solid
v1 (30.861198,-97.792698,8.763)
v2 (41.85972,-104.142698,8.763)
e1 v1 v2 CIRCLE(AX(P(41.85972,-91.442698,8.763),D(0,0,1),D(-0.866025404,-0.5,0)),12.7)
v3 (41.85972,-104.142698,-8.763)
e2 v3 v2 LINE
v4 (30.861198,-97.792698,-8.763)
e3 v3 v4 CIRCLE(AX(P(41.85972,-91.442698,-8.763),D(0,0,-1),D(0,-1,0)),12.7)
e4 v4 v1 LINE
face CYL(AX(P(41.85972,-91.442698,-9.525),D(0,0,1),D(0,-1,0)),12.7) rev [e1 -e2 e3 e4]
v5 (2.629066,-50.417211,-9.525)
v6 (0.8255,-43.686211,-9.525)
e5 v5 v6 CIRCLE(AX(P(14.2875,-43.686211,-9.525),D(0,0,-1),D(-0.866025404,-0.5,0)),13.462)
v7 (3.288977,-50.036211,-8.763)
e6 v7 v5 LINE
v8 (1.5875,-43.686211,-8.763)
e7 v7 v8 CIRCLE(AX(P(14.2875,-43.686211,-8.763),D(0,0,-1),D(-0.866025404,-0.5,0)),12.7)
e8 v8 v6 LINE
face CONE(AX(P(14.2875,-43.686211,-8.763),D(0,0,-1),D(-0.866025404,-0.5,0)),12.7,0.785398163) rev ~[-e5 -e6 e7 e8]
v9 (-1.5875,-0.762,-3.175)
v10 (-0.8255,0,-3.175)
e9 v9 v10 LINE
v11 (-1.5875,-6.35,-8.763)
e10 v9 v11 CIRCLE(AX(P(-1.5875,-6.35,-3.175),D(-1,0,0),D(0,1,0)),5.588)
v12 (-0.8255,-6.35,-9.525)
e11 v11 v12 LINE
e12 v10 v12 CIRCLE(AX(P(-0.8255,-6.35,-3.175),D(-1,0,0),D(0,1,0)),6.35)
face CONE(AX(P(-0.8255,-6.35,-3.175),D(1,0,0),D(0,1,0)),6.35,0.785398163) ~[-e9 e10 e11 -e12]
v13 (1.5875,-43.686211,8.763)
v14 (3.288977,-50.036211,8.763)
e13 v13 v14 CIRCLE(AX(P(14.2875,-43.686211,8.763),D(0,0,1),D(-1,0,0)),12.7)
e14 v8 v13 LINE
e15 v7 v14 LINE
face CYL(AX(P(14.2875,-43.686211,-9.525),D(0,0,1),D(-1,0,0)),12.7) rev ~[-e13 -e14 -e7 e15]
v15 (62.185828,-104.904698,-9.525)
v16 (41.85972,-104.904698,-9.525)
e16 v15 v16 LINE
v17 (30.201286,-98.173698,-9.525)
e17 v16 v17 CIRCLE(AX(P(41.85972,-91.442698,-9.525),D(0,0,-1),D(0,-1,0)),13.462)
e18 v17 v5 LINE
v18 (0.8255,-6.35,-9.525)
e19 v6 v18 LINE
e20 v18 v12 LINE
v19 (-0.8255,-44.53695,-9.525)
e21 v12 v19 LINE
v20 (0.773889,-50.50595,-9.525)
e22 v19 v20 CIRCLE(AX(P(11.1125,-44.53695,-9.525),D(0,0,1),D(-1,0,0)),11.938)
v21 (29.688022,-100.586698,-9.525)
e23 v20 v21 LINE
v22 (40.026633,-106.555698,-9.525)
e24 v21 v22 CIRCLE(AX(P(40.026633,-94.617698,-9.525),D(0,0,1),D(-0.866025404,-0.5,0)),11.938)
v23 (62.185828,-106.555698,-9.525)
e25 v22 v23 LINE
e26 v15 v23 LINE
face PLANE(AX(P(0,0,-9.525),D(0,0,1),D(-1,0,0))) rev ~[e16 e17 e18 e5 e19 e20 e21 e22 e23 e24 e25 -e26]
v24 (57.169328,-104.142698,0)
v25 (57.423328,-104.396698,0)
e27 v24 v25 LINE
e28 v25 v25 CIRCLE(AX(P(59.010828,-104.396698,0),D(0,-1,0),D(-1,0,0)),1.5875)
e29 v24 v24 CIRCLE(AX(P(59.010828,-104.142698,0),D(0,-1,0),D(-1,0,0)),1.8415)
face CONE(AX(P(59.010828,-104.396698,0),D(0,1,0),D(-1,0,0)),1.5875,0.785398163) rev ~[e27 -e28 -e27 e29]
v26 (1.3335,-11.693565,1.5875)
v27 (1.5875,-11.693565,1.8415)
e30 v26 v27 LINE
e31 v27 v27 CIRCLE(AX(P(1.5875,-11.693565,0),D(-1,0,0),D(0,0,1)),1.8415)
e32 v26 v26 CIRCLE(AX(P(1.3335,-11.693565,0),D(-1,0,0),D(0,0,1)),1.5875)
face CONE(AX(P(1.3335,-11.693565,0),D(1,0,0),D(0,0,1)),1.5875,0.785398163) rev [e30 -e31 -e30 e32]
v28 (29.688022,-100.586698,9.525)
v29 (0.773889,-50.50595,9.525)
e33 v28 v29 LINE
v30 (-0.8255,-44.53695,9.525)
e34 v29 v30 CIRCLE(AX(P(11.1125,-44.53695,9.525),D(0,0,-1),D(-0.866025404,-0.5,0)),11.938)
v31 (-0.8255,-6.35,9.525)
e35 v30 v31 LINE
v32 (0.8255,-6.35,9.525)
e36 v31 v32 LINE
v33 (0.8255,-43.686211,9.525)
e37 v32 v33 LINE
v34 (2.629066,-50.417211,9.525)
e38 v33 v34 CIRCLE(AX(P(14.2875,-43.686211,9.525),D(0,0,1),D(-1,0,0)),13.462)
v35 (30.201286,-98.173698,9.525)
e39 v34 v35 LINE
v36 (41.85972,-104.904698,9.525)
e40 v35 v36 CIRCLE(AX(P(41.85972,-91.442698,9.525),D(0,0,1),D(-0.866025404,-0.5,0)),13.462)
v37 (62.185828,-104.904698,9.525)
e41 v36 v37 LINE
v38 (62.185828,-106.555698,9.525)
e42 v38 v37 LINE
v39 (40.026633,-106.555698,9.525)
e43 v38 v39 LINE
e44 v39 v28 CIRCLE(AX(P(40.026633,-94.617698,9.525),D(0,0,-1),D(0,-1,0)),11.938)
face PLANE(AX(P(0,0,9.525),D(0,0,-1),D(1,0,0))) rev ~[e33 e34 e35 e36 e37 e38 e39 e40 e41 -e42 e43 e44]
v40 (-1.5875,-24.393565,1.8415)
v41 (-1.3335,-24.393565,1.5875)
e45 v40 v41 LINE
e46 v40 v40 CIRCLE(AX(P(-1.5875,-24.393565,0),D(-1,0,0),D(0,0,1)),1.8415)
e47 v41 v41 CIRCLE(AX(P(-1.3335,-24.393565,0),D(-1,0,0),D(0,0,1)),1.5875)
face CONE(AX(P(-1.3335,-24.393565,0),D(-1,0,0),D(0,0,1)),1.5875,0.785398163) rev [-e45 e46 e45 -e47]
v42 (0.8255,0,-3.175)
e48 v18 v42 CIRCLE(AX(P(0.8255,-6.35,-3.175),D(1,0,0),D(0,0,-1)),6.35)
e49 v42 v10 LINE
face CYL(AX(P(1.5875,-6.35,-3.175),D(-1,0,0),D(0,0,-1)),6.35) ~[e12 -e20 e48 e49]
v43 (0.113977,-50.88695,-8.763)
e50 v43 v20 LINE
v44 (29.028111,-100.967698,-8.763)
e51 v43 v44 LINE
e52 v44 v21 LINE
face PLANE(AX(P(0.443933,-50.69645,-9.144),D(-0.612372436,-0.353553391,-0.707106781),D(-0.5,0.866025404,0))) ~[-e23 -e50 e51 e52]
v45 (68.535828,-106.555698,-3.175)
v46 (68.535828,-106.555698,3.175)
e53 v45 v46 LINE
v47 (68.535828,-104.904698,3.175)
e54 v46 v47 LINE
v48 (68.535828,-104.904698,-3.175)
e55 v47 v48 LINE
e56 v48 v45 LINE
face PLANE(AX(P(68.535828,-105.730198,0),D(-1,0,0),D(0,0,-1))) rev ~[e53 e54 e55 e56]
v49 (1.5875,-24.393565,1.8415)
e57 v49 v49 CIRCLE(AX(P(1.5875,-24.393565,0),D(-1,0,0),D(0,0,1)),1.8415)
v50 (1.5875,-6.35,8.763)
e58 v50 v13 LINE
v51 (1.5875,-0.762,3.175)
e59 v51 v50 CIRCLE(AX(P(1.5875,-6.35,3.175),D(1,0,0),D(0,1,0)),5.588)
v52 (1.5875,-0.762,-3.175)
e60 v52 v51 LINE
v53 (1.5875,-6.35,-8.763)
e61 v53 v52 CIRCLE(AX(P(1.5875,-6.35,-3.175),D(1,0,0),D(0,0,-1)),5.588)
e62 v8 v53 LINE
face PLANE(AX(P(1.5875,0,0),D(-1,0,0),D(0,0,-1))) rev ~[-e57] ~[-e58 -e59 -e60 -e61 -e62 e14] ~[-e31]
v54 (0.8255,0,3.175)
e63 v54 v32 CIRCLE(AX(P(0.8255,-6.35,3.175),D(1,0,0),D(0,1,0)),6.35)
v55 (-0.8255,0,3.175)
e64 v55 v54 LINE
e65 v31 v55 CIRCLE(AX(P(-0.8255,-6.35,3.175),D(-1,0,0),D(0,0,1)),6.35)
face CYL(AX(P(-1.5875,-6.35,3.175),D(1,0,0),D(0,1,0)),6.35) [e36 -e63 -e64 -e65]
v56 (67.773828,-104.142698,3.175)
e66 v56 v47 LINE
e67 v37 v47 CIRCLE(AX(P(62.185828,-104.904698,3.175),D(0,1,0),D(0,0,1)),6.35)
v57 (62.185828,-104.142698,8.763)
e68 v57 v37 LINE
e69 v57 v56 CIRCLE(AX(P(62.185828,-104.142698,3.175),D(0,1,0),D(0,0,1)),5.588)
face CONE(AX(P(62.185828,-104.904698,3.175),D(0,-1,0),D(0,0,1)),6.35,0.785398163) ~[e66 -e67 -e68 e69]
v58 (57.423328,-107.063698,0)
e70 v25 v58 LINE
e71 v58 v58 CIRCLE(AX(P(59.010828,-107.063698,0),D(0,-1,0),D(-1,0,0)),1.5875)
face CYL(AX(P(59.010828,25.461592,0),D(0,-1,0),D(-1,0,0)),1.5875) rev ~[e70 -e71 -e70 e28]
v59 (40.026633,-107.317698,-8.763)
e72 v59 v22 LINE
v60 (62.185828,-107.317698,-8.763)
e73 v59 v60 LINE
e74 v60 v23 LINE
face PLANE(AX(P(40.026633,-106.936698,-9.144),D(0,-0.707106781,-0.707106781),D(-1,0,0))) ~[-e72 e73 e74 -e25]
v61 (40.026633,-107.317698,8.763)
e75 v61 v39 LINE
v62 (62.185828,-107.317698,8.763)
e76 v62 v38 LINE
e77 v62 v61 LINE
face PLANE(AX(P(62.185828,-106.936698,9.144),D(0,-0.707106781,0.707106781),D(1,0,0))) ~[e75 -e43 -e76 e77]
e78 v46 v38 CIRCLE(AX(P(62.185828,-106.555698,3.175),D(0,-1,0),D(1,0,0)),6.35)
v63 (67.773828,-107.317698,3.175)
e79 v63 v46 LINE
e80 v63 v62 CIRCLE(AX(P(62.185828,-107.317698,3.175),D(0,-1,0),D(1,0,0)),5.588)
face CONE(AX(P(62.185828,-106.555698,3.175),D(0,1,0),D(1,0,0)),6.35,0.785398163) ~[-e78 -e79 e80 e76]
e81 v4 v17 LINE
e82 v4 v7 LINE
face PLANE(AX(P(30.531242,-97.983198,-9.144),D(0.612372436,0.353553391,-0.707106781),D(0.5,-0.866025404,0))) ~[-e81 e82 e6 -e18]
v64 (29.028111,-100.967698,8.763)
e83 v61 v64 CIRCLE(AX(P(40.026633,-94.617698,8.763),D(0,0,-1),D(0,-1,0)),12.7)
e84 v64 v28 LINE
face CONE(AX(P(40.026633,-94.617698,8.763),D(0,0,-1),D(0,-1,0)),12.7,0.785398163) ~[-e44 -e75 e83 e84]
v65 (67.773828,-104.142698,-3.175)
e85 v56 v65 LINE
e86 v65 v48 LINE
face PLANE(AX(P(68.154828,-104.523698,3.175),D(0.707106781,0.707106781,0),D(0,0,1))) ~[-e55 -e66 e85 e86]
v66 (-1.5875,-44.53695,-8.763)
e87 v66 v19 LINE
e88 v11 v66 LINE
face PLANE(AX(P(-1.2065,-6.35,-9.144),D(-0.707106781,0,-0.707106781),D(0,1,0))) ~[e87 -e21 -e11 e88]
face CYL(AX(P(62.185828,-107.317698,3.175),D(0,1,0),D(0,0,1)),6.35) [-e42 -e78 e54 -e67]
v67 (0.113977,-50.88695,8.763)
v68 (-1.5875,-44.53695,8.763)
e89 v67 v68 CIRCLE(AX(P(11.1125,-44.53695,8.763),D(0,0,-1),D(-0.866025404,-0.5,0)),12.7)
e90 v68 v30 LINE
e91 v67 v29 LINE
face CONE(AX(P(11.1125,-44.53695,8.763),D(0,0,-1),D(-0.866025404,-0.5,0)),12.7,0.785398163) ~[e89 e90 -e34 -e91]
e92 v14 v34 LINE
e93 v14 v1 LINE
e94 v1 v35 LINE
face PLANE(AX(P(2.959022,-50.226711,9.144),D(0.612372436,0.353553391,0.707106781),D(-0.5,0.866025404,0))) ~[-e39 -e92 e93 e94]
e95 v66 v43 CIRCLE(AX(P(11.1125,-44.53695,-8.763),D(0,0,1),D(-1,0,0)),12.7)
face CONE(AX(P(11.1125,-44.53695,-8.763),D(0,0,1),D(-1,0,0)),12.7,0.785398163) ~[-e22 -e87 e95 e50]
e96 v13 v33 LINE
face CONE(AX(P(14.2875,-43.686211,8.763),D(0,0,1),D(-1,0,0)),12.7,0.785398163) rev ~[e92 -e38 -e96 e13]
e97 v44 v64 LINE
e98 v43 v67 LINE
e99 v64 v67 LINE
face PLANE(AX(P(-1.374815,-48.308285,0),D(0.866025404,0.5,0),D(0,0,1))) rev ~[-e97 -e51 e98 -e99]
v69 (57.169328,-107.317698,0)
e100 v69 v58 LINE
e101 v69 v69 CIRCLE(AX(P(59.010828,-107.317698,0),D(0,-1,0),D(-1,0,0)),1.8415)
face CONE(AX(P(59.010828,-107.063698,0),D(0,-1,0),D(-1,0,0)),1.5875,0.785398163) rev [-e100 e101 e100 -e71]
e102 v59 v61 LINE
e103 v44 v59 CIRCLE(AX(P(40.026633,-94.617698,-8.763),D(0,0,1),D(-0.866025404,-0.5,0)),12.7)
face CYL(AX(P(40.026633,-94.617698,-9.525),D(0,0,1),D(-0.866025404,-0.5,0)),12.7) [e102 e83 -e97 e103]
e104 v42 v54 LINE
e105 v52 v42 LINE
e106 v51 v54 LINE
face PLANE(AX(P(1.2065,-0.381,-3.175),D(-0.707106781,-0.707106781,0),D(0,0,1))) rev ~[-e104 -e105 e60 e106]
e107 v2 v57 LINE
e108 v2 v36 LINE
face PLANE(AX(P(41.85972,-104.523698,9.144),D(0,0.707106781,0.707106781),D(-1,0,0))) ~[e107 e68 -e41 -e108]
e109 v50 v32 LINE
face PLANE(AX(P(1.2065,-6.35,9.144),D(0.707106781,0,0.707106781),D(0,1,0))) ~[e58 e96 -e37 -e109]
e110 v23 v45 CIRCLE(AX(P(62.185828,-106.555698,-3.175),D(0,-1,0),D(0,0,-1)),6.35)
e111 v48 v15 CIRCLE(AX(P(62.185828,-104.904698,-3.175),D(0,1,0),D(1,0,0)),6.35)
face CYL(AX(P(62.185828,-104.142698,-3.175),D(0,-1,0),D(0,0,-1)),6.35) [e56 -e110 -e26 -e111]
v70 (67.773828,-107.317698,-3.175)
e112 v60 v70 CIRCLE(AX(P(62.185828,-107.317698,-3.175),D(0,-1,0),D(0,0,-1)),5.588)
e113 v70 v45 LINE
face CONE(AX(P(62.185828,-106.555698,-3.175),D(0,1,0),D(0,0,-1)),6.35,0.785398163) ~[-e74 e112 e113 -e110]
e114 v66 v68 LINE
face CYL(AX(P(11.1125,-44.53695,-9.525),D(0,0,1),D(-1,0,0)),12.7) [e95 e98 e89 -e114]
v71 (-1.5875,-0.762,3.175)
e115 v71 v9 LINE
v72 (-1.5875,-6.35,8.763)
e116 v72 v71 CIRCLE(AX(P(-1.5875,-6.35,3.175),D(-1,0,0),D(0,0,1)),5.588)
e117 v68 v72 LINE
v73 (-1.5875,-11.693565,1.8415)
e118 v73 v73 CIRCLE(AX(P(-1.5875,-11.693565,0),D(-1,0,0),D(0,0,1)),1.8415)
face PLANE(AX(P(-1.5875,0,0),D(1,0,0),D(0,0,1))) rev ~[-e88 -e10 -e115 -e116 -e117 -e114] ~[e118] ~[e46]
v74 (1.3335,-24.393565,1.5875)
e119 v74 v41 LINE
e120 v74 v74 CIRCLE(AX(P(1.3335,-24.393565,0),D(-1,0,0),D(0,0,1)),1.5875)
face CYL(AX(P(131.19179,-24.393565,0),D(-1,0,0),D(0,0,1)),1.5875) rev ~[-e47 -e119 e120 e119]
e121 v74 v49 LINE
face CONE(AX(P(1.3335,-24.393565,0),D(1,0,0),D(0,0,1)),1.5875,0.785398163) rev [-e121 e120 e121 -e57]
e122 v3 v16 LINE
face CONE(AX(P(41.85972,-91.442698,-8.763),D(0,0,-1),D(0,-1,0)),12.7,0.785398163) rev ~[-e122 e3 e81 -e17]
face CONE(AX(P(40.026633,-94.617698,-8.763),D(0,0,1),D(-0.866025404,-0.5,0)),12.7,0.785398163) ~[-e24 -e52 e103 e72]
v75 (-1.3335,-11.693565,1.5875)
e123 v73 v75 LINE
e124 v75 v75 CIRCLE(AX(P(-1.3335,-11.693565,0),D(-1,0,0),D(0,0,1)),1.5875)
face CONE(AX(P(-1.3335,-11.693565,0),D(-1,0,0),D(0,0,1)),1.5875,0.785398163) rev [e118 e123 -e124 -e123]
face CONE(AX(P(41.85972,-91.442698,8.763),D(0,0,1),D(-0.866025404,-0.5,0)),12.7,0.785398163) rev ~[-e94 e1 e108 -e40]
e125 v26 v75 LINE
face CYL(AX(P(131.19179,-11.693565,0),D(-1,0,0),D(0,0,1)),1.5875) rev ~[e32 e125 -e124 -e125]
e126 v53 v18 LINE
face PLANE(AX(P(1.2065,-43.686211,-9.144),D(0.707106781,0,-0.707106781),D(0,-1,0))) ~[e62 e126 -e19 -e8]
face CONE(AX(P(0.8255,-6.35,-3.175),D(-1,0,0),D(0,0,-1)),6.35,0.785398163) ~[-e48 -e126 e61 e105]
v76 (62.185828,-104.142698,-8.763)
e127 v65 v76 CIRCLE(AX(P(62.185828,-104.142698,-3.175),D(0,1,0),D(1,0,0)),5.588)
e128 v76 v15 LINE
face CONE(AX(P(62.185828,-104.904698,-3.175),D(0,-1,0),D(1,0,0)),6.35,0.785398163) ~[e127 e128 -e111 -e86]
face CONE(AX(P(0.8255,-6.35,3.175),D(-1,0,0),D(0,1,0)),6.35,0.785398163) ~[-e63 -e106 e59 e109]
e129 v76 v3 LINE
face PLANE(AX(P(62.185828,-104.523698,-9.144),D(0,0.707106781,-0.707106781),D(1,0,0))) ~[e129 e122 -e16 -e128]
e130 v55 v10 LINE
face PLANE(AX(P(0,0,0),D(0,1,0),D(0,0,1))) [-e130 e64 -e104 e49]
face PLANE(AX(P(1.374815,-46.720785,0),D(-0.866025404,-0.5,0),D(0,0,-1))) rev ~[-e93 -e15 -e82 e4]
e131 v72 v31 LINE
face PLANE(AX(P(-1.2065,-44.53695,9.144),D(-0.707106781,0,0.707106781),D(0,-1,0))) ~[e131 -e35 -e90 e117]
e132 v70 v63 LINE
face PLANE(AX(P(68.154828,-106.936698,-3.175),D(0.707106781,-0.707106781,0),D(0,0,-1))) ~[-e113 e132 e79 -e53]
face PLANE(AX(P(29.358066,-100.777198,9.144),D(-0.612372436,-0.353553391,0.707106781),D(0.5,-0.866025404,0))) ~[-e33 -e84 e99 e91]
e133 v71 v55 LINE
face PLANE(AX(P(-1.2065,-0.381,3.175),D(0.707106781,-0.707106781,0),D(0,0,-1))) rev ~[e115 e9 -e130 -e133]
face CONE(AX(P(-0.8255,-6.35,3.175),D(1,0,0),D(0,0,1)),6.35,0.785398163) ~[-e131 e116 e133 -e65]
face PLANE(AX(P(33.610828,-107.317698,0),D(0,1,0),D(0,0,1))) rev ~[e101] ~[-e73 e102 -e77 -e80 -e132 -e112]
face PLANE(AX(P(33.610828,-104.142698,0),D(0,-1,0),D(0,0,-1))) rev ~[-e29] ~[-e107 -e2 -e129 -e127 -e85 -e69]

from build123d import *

# Parameters (mm, degrees)
SKETCH2_W                    = 3.175
SKETCH2_H                    = 19.05
F_1_8_0_125_DIAMETER_HOLE1_D = 3.175
F_1_8_0_125_DIAMETER_HOLE2_D = 3.175
FILLET1_R                    = 12.7
FILLET2_R                    = 6.35
CHAMFER3_SIZE                = 0.762
CHAMFER2_SIZE                = 0.254


with BuildPart() as part:
    # Sweep1: sweep along a path in Sketch1
    with BuildLine(Plane.XY) as sweep1_path:
        Line((0, 0), (0, -47.5145354))
        Line((0, -47.5145354), (33.61082832, -105.730197734))
        Line((33.61082832, -105.730197734), (68.53582832, -105.730197734))
    # Sketch2 → Sweep1 (sweep)
    with BuildSketch(Plane(origin=(0, 0, 0), x_dir=(1, 0, 0), z_dir=(0, 1, 0))):
        Rectangle(SKETCH2_W, SKETCH2_H)
    sweep(path=sweep1_path.line, transition=Transition.RIGHT)

    # 1/8 (0.125) Diameter Hole1 (through all)
    with Locations(Plane(origin=(1.5875, 0, 0), x_dir=(0, 0, -1), z_dir=(1, 0, 0))):
        with Locations((0, -11.693565329), (0, -24.393565329)):
            Hole(F_1_8_0_125_DIAMETER_HOLE1_D / 2)

    # 1/8 (0.125) Diameter Hole2 (through all)
    with Locations(Plane(origin=(0, -104.142697734, 0), x_dir=(1, 0, 0), z_dir=(0, 1, 0))):
        with Locations((59.01082832, 0)):
            Hole(F_1_8_0_125_DIAMETER_HOLE2_D / 2)

    # Fillet1
    fillet1_edges = [part.edges().sort_by_distance(p)[0] for p in [
        (1.5875, -47.089166057, 0),
        (-1.5875, -47.939904743, 0),
        (32.694284767, -107.317697734, 0),
        (34.527371872, -104.142697734, 0),
    ]]
    fillet(fillet1_edges, radius=FILLET1_R)

    # Fillet2
    fillet2_edges = [part.edges().sort_by_distance(p)[0] for p in [
        (0, 0, -9.525),
        (0, 0, 9.525),
        (68.53582832, -105.730197734, -9.525),
        (68.53582832, -105.730197734, 9.525),
    ]]
    fillet(fillet2_edges, radius=FILLET2_R)

    # Chamfer3
    chamfer3_edges = [part.edges().sort_by_distance(p)[0] for p in [
        (68.53582832, -107.317697734, 0),
        (66.67595638, -107.317697734, 7.665128061),
        (66.67595638, -107.317697734, -7.665128061),
        (68.53582832, -104.142697734, 0),
        (66.67595638, -104.142697734, 7.665128061),
        (66.67595638, -104.142697734, -7.665128061),
        (1.5875, 0, 0),
        (-1.5875, 0, 0),
        (-1.5875, -25.443475, -9.525),
        (-1.5875, -25.443475, 9.525),
        (-1.5875, -1.859871939, 7.665128061),
        (-1.5875, -1.859871939, -7.665128061),
        (1.5875, -25.018105657, -9.525),
        (1.5875, -25.018105657, 9.525),
        (1.5875, -1.859871939, 7.665128061),
        (1.5875, -1.859871939, -7.665128061),
        (51.106230753, -107.317697734, -9.525),
        (51.106230753, -107.317697734, 9.525),
        (52.022774305, -104.142697734, -9.525),
        (33.676633186, -105.616220362, -9.525),
        (14.571043965, -75.927323867, -9.525),
        (17.075087517, -73.914454524, -9.525),
        (-1.154757994, -47.823951872, -9.525),
        (33.676633186, -105.616220362, -9.525),
        (14.571043965, -75.927323867, 9.525),
        (17.075087517, -73.914454524, 9.525),
        (-1.154757994, -47.823951872, 9.525),
        (33.676633186, -105.616220362, 9.525),
        (52.022774305, -104.142697734, 9.525),
        (33.676633186, -105.616220362, 9.525),
        (-1.154757994, -47.823951872, -9.525),
        (-1.154757994, -47.823951872, 9.525),
        (35.509720291, -102.441220362, 9.525),
        (35.509720291, -102.441220362, 9.525),
        (35.509720291, -102.441220362, -9.525),
        (35.509720291, -102.441220362, -9.525),
        (2.020242006, -46.973213186, 9.525),
        (2.020242006, -46.973213186, 9.525),
        (2.020242006, -46.973213186, -9.525),
        (2.020242006, -46.973213186, -9.525),
    ]]
    chamfer(chamfer3_edges, length=CHAMFER3_SIZE)

    # Chamfer2
    chamfer2_edges = [part.edges().sort_by_distance(p)[0] for p in [
        (1.5875, -24.393565329, -1.5875),
        (-1.5875, -24.393565329, -1.5875),
        (1.5875, -11.693565329, -1.5875),
        (-1.5875, -11.693565329, -1.5875),
        (60.59832832, -104.142697734, 0),
        (60.59832832, -107.317697734, 0),
    ]]
    chamfer(chamfer2_edges, length=CHAMFER2_SIZE)


solid = part.part
